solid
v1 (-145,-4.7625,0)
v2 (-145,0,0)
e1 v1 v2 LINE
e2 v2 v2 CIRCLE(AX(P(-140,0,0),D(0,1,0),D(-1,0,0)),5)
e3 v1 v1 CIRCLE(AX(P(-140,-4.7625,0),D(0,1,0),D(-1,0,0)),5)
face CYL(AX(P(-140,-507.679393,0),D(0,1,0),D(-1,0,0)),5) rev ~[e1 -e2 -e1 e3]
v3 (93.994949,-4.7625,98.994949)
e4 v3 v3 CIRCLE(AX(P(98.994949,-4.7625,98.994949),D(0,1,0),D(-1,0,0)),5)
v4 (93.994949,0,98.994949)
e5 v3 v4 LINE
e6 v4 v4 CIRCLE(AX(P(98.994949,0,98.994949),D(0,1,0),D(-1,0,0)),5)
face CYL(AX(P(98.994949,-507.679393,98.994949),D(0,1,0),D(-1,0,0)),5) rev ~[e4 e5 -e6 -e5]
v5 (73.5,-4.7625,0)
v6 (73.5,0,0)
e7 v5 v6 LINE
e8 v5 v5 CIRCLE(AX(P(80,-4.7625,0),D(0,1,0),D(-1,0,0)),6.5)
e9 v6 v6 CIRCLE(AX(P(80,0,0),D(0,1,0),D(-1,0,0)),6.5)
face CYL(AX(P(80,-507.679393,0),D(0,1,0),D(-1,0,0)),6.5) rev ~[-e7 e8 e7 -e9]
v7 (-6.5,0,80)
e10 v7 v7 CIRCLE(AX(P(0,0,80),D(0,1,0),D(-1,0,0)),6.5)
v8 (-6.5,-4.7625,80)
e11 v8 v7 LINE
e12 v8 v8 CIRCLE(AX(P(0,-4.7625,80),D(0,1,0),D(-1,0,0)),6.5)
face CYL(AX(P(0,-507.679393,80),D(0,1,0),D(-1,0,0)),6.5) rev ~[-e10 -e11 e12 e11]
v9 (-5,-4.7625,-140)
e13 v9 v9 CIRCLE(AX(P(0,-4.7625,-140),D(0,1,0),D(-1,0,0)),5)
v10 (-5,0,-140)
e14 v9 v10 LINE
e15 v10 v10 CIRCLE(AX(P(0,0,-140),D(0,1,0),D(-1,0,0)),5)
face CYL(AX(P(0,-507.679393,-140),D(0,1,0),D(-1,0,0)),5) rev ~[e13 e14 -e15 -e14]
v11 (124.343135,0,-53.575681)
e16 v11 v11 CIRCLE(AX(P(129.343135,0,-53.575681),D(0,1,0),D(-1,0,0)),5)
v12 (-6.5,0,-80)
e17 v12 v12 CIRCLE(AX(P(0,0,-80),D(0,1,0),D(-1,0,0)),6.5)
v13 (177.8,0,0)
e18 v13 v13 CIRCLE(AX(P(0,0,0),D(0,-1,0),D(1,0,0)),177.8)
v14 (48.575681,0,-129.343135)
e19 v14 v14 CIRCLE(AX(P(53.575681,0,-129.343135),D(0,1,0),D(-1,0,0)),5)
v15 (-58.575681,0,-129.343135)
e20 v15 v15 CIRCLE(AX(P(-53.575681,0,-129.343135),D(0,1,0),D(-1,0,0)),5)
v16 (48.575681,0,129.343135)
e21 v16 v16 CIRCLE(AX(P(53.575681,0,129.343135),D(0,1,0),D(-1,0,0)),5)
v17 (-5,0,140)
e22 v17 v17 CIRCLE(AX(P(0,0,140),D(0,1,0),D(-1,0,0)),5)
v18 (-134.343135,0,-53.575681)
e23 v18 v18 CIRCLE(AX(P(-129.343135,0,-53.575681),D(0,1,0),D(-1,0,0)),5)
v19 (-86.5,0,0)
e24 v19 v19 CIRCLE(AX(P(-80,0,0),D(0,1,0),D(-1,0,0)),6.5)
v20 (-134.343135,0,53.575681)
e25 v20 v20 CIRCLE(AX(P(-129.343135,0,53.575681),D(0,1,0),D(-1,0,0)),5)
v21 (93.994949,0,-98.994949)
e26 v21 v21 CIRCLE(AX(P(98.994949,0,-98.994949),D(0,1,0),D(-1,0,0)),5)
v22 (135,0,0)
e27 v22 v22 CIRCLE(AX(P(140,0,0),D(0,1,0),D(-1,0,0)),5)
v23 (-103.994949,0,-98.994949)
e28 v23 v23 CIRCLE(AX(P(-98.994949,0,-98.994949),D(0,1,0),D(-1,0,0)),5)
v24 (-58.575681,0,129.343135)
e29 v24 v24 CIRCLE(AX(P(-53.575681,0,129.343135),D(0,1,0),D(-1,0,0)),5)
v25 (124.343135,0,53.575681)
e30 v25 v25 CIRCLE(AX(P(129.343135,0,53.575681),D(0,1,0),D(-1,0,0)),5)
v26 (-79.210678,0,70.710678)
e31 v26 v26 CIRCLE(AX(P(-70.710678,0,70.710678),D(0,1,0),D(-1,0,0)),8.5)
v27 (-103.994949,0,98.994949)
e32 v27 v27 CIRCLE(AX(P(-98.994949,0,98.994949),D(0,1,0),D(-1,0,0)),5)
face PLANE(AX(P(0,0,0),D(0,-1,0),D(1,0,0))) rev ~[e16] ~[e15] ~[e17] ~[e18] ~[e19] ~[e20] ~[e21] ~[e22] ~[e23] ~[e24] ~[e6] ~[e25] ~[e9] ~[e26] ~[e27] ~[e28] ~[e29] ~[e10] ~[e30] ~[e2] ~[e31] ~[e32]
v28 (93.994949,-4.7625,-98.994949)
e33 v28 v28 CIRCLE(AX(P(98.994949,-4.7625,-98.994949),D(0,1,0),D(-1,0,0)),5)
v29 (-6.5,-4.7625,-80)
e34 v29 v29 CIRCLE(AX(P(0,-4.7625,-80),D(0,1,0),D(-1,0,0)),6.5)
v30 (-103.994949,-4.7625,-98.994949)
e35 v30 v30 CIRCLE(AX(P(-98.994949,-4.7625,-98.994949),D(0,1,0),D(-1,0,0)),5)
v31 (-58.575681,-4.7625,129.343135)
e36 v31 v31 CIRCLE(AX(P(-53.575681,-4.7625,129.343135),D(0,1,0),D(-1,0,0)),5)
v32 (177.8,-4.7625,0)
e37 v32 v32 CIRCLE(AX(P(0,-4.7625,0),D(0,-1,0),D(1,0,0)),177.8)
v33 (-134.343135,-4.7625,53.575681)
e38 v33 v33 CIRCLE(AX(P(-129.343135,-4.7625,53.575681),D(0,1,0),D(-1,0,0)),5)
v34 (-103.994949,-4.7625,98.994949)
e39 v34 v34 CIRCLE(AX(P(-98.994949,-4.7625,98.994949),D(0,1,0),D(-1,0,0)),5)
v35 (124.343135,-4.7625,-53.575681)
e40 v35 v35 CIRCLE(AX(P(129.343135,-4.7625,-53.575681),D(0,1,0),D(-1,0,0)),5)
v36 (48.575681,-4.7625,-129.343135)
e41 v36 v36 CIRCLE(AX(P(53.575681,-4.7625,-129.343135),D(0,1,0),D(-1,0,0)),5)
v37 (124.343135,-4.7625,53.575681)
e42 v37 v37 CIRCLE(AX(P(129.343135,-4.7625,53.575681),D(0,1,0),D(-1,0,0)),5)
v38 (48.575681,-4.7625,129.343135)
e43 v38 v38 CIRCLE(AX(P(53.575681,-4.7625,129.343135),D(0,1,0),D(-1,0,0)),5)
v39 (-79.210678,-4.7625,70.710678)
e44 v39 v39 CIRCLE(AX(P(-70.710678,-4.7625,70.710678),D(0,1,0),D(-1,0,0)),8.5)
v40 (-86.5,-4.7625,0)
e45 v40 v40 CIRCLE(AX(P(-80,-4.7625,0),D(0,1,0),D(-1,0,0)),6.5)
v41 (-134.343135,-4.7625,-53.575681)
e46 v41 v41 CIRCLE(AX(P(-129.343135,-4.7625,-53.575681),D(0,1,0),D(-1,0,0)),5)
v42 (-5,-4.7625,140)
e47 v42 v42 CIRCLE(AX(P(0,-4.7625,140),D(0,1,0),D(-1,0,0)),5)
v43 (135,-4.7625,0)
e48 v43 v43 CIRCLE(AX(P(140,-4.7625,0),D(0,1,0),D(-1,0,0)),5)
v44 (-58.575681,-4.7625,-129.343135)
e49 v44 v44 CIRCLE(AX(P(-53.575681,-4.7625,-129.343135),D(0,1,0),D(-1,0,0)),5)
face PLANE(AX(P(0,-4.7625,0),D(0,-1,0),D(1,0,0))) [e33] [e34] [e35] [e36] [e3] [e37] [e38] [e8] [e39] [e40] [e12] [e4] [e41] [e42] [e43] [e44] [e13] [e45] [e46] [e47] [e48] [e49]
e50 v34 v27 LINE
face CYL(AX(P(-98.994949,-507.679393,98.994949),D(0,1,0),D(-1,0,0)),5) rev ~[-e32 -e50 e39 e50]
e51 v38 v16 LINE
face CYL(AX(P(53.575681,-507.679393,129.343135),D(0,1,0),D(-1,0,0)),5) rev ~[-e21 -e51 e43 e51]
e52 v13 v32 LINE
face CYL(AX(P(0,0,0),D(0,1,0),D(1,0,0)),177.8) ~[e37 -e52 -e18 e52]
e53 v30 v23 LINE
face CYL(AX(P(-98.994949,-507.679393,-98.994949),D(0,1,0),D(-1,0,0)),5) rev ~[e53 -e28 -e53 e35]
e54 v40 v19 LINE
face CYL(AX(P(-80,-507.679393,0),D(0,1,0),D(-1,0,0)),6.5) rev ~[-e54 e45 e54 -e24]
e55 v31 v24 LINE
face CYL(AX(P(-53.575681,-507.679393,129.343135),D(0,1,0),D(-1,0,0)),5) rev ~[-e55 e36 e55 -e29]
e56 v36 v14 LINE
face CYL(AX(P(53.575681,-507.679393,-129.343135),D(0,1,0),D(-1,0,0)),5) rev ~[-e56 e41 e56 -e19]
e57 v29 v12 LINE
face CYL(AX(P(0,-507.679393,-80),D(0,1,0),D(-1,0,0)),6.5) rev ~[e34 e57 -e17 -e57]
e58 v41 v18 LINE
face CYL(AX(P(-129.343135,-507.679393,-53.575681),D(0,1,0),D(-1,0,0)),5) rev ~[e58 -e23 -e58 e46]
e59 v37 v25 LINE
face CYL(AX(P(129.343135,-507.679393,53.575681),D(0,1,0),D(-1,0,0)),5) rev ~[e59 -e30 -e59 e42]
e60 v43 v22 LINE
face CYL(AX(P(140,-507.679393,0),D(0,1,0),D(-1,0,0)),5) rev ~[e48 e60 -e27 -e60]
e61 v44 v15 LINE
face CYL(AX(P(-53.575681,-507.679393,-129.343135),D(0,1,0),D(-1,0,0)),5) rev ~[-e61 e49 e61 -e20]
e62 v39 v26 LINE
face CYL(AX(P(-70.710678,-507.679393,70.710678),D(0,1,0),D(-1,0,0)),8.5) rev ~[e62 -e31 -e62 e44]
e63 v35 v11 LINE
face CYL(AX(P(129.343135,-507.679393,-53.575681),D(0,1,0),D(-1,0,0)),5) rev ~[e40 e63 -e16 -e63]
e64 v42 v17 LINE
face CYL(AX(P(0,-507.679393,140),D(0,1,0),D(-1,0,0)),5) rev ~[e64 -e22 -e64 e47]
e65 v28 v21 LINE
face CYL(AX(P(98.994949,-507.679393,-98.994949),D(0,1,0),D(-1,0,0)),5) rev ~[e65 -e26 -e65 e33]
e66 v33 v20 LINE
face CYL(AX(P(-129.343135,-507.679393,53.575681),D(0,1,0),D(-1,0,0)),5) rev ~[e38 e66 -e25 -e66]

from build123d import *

# Parameters (mm, degrees)
F0_R     = 177.8
F1_DEPTH = 4.7625
F3_D     = 10
F5_D     = 13
F7_D     = 17


with BuildPart() as f1:
    # F0 (on Front) → F1 (new body)
    with BuildSketch(Plane.XZ):
        Circle(F0_R)
    extrude(amount=F1_DEPTH)

    # F3 (through all)
    with Locations(Plane.XZ.offset(4.7625)):
        with Locations((0, 140), (53.575681, 129.343135), (98.994949, 98.994949), (129.343135, 53.575681), (140, 0), (129.343135, -53.575681), (98.994949, -98.994949), (53.575681, -129.343135), (0, -140), (-53.575681, -129.343135), (-98.994949, -98.994949), (-129.343135, -53.575681), (-140, 0), (-129.343135, 53.575681), (-98.994949, 98.994949), (-53.575681, 129.343135), (-53.575681, 129.343135)):
            Hole(F3_D / 2)

    # F5 (through all)
    with Locations(Plane.XZ.offset(4.7625)):
        with Locations((0, 80), (80, 0), (0, -80), (-80, 0)):
            Hole(F5_D / 2)

    # F7 (through all)
    with Locations(Plane.XZ.offset(4.7625)):
        with Locations((-70.710678, 70.710678)):
            Hole(F7_D / 2)


solid = f1.part
